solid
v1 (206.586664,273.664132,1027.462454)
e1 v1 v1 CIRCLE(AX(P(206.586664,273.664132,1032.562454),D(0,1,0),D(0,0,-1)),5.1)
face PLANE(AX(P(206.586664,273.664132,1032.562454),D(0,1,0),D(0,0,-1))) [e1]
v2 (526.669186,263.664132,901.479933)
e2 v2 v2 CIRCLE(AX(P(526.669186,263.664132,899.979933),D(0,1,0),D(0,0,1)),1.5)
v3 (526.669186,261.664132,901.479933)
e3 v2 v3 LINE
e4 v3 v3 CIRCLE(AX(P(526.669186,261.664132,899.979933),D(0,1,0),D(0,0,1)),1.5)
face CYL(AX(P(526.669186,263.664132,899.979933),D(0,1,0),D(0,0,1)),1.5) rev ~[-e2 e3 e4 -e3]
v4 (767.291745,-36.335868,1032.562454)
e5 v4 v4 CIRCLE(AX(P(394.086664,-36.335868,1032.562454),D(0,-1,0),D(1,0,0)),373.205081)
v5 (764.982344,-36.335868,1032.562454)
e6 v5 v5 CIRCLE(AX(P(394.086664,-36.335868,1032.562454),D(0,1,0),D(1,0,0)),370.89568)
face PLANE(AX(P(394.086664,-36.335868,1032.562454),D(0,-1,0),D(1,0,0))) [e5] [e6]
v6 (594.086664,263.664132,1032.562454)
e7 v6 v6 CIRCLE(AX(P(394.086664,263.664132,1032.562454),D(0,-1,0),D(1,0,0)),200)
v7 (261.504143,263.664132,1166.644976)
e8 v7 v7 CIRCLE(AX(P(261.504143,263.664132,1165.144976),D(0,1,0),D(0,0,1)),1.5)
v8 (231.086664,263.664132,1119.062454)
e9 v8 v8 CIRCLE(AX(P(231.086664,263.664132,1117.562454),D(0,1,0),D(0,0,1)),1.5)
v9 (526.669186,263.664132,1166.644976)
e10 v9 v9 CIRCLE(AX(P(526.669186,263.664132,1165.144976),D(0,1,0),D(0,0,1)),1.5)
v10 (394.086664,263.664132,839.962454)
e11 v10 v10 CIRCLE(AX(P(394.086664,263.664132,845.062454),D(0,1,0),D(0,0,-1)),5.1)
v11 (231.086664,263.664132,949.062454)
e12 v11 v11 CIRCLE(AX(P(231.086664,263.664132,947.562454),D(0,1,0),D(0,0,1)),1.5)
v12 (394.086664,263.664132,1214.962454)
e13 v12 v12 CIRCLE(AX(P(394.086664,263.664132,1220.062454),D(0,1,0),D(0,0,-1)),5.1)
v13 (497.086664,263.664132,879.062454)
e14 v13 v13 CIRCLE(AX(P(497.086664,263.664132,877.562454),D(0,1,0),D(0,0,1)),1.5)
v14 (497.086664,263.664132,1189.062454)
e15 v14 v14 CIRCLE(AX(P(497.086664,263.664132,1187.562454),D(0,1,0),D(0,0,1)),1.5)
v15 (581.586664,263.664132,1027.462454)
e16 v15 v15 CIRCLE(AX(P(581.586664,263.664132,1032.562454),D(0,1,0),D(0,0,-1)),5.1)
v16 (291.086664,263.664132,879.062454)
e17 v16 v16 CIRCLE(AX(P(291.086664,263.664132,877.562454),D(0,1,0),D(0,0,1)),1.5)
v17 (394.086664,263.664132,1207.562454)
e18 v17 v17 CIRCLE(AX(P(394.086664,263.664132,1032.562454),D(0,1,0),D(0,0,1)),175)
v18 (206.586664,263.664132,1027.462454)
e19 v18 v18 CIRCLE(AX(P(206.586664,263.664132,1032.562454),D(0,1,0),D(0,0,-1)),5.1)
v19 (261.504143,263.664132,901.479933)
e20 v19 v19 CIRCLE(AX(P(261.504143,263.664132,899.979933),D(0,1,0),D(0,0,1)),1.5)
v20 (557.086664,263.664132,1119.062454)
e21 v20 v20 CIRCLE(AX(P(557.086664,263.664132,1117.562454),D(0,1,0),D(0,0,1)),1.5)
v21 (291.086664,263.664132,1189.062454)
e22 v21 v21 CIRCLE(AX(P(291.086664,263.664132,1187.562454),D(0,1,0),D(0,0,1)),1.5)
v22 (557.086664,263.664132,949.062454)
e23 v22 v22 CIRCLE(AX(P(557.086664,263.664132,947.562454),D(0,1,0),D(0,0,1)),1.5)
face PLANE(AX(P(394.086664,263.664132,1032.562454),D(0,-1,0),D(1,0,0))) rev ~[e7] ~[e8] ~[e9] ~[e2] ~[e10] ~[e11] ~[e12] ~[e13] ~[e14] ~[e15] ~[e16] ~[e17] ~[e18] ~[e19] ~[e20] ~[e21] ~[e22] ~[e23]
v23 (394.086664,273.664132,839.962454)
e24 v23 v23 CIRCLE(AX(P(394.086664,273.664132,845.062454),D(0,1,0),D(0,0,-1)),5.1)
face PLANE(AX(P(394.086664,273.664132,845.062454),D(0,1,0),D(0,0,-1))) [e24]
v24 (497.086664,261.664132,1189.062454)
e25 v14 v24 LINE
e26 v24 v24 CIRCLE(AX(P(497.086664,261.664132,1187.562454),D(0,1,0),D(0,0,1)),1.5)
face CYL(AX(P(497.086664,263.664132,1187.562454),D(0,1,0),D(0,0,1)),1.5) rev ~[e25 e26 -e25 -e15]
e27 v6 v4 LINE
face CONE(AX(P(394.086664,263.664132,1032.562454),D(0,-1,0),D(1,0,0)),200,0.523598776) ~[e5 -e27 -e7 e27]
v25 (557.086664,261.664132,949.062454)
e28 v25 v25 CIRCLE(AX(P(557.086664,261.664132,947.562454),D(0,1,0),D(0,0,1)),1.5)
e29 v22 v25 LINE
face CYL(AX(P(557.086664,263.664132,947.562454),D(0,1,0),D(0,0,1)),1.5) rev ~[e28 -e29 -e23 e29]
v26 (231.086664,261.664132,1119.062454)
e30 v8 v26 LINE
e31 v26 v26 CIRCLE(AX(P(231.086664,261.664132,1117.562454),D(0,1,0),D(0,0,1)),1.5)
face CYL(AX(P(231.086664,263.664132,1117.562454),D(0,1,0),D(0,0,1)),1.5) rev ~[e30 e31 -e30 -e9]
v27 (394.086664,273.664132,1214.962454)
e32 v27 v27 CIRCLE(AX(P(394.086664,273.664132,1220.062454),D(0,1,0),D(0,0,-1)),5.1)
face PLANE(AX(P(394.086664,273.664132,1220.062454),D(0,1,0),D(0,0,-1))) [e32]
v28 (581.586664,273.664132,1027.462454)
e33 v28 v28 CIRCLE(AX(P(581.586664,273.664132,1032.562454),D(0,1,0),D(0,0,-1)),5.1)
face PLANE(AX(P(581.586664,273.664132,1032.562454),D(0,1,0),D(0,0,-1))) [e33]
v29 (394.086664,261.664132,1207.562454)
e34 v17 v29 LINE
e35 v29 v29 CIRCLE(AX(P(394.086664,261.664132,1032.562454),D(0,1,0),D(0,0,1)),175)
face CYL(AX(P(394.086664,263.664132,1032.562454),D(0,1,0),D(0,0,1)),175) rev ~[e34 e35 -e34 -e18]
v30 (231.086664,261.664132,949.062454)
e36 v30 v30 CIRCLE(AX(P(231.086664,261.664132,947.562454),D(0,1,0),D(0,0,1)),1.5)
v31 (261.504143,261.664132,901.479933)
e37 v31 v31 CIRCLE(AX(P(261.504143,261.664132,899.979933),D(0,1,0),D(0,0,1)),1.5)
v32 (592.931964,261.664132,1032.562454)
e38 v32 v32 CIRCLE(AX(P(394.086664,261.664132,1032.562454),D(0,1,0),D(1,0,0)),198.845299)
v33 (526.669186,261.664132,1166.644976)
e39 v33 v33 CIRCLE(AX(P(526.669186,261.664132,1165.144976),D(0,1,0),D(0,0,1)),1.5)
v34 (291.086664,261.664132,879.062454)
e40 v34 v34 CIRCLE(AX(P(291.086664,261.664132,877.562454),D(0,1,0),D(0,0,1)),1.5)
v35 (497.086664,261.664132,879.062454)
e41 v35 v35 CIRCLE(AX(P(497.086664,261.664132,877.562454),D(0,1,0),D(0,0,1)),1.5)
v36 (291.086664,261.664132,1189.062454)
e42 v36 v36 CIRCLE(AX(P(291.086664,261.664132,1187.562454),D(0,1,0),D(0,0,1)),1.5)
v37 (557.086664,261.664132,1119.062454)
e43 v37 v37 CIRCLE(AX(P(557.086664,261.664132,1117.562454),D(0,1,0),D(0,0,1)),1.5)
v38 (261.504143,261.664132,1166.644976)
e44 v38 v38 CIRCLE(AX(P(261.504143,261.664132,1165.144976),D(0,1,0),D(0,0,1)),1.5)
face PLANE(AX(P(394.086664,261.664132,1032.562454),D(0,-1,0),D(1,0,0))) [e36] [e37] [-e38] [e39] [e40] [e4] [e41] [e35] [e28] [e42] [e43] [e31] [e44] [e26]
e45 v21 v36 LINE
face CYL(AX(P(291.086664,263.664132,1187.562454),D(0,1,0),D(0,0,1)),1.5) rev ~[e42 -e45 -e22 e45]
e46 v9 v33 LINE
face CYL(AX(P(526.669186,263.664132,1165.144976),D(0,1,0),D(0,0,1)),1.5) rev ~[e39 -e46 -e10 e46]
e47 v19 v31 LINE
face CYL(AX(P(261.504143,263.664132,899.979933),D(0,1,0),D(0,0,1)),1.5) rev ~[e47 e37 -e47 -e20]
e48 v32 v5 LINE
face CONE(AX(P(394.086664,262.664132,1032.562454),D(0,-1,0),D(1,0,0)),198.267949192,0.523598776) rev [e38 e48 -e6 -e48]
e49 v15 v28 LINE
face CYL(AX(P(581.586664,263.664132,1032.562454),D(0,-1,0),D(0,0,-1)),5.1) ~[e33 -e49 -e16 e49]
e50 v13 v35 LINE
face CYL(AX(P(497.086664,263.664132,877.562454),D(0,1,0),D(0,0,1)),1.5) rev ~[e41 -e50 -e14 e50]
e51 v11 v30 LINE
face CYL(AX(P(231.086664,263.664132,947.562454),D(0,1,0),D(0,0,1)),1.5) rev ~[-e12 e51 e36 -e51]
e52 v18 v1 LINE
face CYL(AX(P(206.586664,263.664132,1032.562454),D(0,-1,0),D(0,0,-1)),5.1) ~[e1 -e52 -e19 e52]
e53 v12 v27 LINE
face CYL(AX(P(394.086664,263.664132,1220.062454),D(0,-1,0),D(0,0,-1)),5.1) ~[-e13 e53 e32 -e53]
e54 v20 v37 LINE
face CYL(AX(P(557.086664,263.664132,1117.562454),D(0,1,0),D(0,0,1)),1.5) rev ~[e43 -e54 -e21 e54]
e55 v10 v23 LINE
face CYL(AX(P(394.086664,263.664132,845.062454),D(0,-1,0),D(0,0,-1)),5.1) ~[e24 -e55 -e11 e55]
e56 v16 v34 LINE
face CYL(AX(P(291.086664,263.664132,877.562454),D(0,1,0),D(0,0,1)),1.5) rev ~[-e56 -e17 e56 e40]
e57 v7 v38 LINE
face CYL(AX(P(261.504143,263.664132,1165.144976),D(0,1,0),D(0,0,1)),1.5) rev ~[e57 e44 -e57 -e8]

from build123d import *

# Parameters (mm, degrees)
SKETCH2_R           = 200
BOSS_EXTRUDE1_DEPTH = 300
BOSS_EXTRUDE1_DRAFT = -30
SHELL1_T            = -2
CUT_EXTRUDE1_REACH  = 1631.392
SKETCH3_R           = 1.5
SKETCH3_R_2         = 175
SKETCH4_R           = 5.1
BOSS_EXTRUDE2_DEPTH = 10
CUT_EXTRUDE4_REACH  = 1631.392
SKETCH5_R           = 1.5


with BuildPart() as part:
    # Sketch2 → Boss-Extrude1 (with draft: the straight prism first)
    with BuildSketch(Plane.XZ.offset(-263.664131829)):
        with Locations((394.086664394, 1032.562454189)):
            Circle(SKETCH2_R)
    extrude(amount=BOSS_EXTRUDE1_DEPTH)
    # Boss-Extrude1: the draft: its side faces are tilted about the plane it starts from
    boss_extrude1_sides = [part.faces().sort_by_distance(p)[0] for p in [
        (194.086664394, 113.664131829, 1032.562454189),
    ]]
    draft(boss_extrude1_sides, Plane.XZ.offset(-263.664131829), BOSS_EXTRUDE1_DRAFT)

    # Shell1
    shell1_openings = [part.faces().sort_by_distance(p)[0] for p in [
        (394.086664394, -36.335868171, 1032.562454189),
    ]]
    offset(amount=SHELL1_T, openings=shell1_openings, kind=Kind.INTERSECTION)

    # Sketch3 → Cut-Extrude1 (cut, up to next)
    with BuildSketch(Plane(origin=(0, 263.664131829, 0), x_dir=(1, 0, 0), z_dir=(0, 1, 0)), mode=Mode.PRIVATE) as cut_extrude1_sk1:
        with Locations(Location((261.504142922, -1165.144975661, 0), (0, 0, 270))):
            Circle(SKETCH3_R)
    cut_extrude1_tool1 = extrude(cut_extrude1_sk1.sketch, amount=-CUT_EXTRUDE1_REACH, mode=Mode.PRIVATE) & part.part
    # Sketch3 → Cut-Extrude1 (cut, up to next)
    with BuildSketch(Plane(origin=(0, 263.664131829, 0), x_dir=(1, 0, 0), z_dir=(0, 1, 0)), mode=Mode.PRIVATE) as cut_extrude1_sk2:
        with Locations(Location((526.669185867, -1165.144975661, 0), (0, 0, 270))):
            Circle(SKETCH3_R)
    cut_extrude1_tool2 = extrude(cut_extrude1_sk2.sketch, amount=-CUT_EXTRUDE1_REACH, mode=Mode.PRIVATE) & part.part
    # Sketch3 → Cut-Extrude1 (cut, up to next)
    with BuildSketch(Plane(origin=(0, 263.664131829, 0), x_dir=(1, 0, 0), z_dir=(0, 1, 0)), mode=Mode.PRIVATE) as cut_extrude1_sk3:
        with Locations(Location((526.669185867, -899.979932716, 0), (0, 0, 270))):
            Circle(SKETCH3_R)
    cut_extrude1_tool3 = extrude(cut_extrude1_sk3.sketch, amount=-CUT_EXTRUDE1_REACH, mode=Mode.PRIVATE) & part.part
    # Sketch3 → Cut-Extrude1 (cut, up to next)
    with BuildSketch(Plane(origin=(0, 263.664131829, 0), x_dir=(1, 0, 0), z_dir=(0, 1, 0)), mode=Mode.PRIVATE) as cut_extrude1_sk4:
        with Locations(Location((261.504142922, -899.979932716, 0), (0, 0, 270))):
            Circle(SKETCH3_R)
    cut_extrude1_tool4 = extrude(cut_extrude1_sk4.sketch, amount=-CUT_EXTRUDE1_REACH, mode=Mode.PRIVATE) & part.part
    # Sketch3 → Cut-Extrude1 (cut, up to next)
    with BuildSketch(Plane(origin=(0, 263.664131829, 0), x_dir=(1, 0, 0), z_dir=(0, 1, 0)), mode=Mode.PRIVATE) as cut_extrude1_sk5:
        with Locations(Location((394.086664394, -1032.562454189, 0), (0, 0, 270))):
            Circle(SKETCH3_R_2)
    cut_extrude1_tool5 = extrude(cut_extrude1_sk5.sketch, amount=-CUT_EXTRUDE1_REACH, mode=Mode.PRIVATE) & part.part
    add(cut_extrude1_tool1.solids().sort_by_distance((261.504143, 263.664132, 1165.144976))[0], mode=Mode.SUBTRACT)
    add(cut_extrude1_tool2.solids().sort_by_distance((526.669186, 263.664132, 1165.144976))[0], mode=Mode.SUBTRACT)
    add(cut_extrude1_tool3.solids().sort_by_distance((526.669186, 263.664132, 899.979933))[0], mode=Mode.SUBTRACT)
    add(cut_extrude1_tool4.solids().sort_by_distance((261.504143, 263.664132, 899.979933))[0], mode=Mode.SUBTRACT)
    add(cut_extrude1_tool5.solids().sort_by_distance((394.086664, 263.664132, 1032.562454))[0], mode=Mode.SUBTRACT)

    # Sketch4 → Boss-Extrude2 (add)
    with BuildSketch(Plane(origin=(0, 263.664131829, 0), x_dir=(1, 0, 0), z_dir=(0, 1, 0))):
        with Locations(Location((206.586664394, -1032.562454189, 0), (0, 0, 90))):
            Circle(SKETCH4_R)
        with Locations(Location((394.086664394, -845.062454189, 0), (0, 0, 90))):
            Circle(SKETCH4_R)
        with Locations(Location((581.586664394, -1032.562454189, 0), (0, 0, 90))):
            Circle(SKETCH4_R)
        with Locations(Location((394.086664394, -1220.062454189, 0), (0, 0, 90))):
            Circle(SKETCH4_R)
    extrude(amount=BOSS_EXTRUDE2_DEPTH)

    # Sketch5 → Cut-Extrude4 (cut, up to next)
    with BuildSketch(Plane(origin=(0, 263.664131829, 0), x_dir=(1, 0, 0), z_dir=(0, 1, 0)), mode=Mode.PRIVATE) as cut_extrude4_sk1:
        with Locations(Location((231.086664394, -1117.562454189, 0), (0, 0, 270))):
            Circle(SKETCH5_R)
    cut_extrude4_tool1 = extrude(cut_extrude4_sk1.sketch, amount=-CUT_EXTRUDE4_REACH, mode=Mode.PRIVATE) & part.part
    # Sketch5 → Cut-Extrude4 (cut, up to next)
    with BuildSketch(Plane(origin=(0, 263.664131829, 0), x_dir=(1, 0, 0), z_dir=(0, 1, 0)), mode=Mode.PRIVATE) as cut_extrude4_sk2:
        with Locations(Location((557.086664394, -1117.562454189, 0), (0, 0, 270))):
            Circle(SKETCH5_R)
    cut_extrude4_tool2 = extrude(cut_extrude4_sk2.sketch, amount=-CUT_EXTRUDE4_REACH, mode=Mode.PRIVATE) & part.part
    # Sketch5 → Cut-Extrude4 (cut, up to next)
    with BuildSketch(Plane(origin=(0, 263.664131829, 0), x_dir=(1, 0, 0), z_dir=(0, 1, 0)), mode=Mode.PRIVATE) as cut_extrude4_sk3:
        with Locations(Location((497.086664394, -1187.562454189, 0), (0, 0, 270))):
            Circle(SKETCH5_R)
    cut_extrude4_tool3 = extrude(cut_extrude4_sk3.sketch, amount=-CUT_EXTRUDE4_REACH, mode=Mode.PRIVATE) & part.part
    # Sketch5 → Cut-Extrude4 (cut, up to next)
    with BuildSketch(Plane(origin=(0, 263.664131829, 0), x_dir=(1, 0, 0), z_dir=(0, 1, 0)), mode=Mode.PRIVATE) as cut_extrude4_sk4:
        with Locations(Location((557.086664394, -947.562454189, 0), (0, 0, 270))):
            Circle(SKETCH5_R)
    cut_extrude4_tool4 = extrude(cut_extrude4_sk4.sketch, amount=-CUT_EXTRUDE4_REACH, mode=Mode.PRIVATE) & part.part
    # Sketch5 → Cut-Extrude4 (cut, up to next)
    with BuildSketch(Plane(origin=(0, 263.664131829, 0), x_dir=(1, 0, 0), z_dir=(0, 1, 0)), mode=Mode.PRIVATE) as cut_extrude4_sk5:
        with Locations(Location((497.086664394, -877.562454189, 0), (0, 0, 270))):
            Circle(SKETCH5_R)
    cut_extrude4_tool5 = extrude(cut_extrude4_sk5.sketch, amount=-CUT_EXTRUDE4_REACH, mode=Mode.PRIVATE) & part.part
    # Sketch5 → Cut-Extrude4 (cut, up to next)
    with BuildSketch(Plane(origin=(0, 263.664131829, 0), x_dir=(1, 0, 0), z_dir=(0, 1, 0)), mode=Mode.PRIVATE) as cut_extrude4_sk6:
        with Locations(Location((291.086664394, -877.562454189, 0), (0, 0, 270))):
            Circle(SKETCH5_R)
    cut_extrude4_tool6 = extrude(cut_extrude4_sk6.sketch, amount=-CUT_EXTRUDE4_REACH, mode=Mode.PRIVATE) & part.part
    # Sketch5 → Cut-Extrude4 (cut, up to next)
    with BuildSketch(Plane(origin=(0, 263.664131829, 0), x_dir=(1, 0, 0), z_dir=(0, 1, 0)), mode=Mode.PRIVATE) as cut_extrude4_sk7:
        with Locations(Location((231.086664394, -947.562454189, 0), (0, 0, 270))):
            Circle(SKETCH5_R)
    cut_extrude4_tool7 = extrude(cut_extrude4_sk7.sketch, amount=-CUT_EXTRUDE4_REACH, mode=Mode.PRIVATE) & part.part
    # Sketch5 → Cut-Extrude4 (cut, up to next)
    with BuildSketch(Plane(origin=(0, 263.664131829, 0), x_dir=(1, 0, 0), z_dir=(0, 1, 0)), mode=Mode.PRIVATE) as cut_extrude4_sk8:
        with Locations(Location((291.086664394, -1187.562454189, 0), (0, 0, 270))):
            Circle(SKETCH5_R)
    cut_extrude4_tool8 = extrude(cut_extrude4_sk8.sketch, amount=-CUT_EXTRUDE4_REACH, mode=Mode.PRIVATE) & part.part
    add(cut_extrude4_tool1.solids().sort_by_distance((231.086664, 263.664132, 1117.562454))[0], mode=Mode.SUBTRACT)
    add(cut_extrude4_tool2.solids().sort_by_distance((557.086664, 263.664132, 1117.562454))[0], mode=Mode.SUBTRACT)
    add(cut_extrude4_tool3.solids().sort_by_distance((497.086664, 263.664132, 1187.562454))[0], mode=Mode.SUBTRACT)
    add(cut_extrude4_tool4.solids().sort_by_distance((557.086664, 263.664132, 947.562454))[0], mode=Mode.SUBTRACT)
    add(cut_extrude4_tool5.solids().sort_by_distance((497.086664, 263.664132, 877.562454))[0], mode=Mode.SUBTRACT)
    add(cut_extrude4_tool6.solids().sort_by_distance((291.086664, 263.664132, 877.562454))[0], mode=Mode.SUBTRACT)
    add(cut_extrude4_tool7.solids().sort_by_distance((231.086664, 263.664132, 947.562454))[0], mode=Mode.SUBTRACT)
    add(cut_extrude4_tool8.solids().sort_by_distance((291.086664, 263.664132, 1187.562454))[0], mode=Mode.SUBTRACT)


solid = part.part
